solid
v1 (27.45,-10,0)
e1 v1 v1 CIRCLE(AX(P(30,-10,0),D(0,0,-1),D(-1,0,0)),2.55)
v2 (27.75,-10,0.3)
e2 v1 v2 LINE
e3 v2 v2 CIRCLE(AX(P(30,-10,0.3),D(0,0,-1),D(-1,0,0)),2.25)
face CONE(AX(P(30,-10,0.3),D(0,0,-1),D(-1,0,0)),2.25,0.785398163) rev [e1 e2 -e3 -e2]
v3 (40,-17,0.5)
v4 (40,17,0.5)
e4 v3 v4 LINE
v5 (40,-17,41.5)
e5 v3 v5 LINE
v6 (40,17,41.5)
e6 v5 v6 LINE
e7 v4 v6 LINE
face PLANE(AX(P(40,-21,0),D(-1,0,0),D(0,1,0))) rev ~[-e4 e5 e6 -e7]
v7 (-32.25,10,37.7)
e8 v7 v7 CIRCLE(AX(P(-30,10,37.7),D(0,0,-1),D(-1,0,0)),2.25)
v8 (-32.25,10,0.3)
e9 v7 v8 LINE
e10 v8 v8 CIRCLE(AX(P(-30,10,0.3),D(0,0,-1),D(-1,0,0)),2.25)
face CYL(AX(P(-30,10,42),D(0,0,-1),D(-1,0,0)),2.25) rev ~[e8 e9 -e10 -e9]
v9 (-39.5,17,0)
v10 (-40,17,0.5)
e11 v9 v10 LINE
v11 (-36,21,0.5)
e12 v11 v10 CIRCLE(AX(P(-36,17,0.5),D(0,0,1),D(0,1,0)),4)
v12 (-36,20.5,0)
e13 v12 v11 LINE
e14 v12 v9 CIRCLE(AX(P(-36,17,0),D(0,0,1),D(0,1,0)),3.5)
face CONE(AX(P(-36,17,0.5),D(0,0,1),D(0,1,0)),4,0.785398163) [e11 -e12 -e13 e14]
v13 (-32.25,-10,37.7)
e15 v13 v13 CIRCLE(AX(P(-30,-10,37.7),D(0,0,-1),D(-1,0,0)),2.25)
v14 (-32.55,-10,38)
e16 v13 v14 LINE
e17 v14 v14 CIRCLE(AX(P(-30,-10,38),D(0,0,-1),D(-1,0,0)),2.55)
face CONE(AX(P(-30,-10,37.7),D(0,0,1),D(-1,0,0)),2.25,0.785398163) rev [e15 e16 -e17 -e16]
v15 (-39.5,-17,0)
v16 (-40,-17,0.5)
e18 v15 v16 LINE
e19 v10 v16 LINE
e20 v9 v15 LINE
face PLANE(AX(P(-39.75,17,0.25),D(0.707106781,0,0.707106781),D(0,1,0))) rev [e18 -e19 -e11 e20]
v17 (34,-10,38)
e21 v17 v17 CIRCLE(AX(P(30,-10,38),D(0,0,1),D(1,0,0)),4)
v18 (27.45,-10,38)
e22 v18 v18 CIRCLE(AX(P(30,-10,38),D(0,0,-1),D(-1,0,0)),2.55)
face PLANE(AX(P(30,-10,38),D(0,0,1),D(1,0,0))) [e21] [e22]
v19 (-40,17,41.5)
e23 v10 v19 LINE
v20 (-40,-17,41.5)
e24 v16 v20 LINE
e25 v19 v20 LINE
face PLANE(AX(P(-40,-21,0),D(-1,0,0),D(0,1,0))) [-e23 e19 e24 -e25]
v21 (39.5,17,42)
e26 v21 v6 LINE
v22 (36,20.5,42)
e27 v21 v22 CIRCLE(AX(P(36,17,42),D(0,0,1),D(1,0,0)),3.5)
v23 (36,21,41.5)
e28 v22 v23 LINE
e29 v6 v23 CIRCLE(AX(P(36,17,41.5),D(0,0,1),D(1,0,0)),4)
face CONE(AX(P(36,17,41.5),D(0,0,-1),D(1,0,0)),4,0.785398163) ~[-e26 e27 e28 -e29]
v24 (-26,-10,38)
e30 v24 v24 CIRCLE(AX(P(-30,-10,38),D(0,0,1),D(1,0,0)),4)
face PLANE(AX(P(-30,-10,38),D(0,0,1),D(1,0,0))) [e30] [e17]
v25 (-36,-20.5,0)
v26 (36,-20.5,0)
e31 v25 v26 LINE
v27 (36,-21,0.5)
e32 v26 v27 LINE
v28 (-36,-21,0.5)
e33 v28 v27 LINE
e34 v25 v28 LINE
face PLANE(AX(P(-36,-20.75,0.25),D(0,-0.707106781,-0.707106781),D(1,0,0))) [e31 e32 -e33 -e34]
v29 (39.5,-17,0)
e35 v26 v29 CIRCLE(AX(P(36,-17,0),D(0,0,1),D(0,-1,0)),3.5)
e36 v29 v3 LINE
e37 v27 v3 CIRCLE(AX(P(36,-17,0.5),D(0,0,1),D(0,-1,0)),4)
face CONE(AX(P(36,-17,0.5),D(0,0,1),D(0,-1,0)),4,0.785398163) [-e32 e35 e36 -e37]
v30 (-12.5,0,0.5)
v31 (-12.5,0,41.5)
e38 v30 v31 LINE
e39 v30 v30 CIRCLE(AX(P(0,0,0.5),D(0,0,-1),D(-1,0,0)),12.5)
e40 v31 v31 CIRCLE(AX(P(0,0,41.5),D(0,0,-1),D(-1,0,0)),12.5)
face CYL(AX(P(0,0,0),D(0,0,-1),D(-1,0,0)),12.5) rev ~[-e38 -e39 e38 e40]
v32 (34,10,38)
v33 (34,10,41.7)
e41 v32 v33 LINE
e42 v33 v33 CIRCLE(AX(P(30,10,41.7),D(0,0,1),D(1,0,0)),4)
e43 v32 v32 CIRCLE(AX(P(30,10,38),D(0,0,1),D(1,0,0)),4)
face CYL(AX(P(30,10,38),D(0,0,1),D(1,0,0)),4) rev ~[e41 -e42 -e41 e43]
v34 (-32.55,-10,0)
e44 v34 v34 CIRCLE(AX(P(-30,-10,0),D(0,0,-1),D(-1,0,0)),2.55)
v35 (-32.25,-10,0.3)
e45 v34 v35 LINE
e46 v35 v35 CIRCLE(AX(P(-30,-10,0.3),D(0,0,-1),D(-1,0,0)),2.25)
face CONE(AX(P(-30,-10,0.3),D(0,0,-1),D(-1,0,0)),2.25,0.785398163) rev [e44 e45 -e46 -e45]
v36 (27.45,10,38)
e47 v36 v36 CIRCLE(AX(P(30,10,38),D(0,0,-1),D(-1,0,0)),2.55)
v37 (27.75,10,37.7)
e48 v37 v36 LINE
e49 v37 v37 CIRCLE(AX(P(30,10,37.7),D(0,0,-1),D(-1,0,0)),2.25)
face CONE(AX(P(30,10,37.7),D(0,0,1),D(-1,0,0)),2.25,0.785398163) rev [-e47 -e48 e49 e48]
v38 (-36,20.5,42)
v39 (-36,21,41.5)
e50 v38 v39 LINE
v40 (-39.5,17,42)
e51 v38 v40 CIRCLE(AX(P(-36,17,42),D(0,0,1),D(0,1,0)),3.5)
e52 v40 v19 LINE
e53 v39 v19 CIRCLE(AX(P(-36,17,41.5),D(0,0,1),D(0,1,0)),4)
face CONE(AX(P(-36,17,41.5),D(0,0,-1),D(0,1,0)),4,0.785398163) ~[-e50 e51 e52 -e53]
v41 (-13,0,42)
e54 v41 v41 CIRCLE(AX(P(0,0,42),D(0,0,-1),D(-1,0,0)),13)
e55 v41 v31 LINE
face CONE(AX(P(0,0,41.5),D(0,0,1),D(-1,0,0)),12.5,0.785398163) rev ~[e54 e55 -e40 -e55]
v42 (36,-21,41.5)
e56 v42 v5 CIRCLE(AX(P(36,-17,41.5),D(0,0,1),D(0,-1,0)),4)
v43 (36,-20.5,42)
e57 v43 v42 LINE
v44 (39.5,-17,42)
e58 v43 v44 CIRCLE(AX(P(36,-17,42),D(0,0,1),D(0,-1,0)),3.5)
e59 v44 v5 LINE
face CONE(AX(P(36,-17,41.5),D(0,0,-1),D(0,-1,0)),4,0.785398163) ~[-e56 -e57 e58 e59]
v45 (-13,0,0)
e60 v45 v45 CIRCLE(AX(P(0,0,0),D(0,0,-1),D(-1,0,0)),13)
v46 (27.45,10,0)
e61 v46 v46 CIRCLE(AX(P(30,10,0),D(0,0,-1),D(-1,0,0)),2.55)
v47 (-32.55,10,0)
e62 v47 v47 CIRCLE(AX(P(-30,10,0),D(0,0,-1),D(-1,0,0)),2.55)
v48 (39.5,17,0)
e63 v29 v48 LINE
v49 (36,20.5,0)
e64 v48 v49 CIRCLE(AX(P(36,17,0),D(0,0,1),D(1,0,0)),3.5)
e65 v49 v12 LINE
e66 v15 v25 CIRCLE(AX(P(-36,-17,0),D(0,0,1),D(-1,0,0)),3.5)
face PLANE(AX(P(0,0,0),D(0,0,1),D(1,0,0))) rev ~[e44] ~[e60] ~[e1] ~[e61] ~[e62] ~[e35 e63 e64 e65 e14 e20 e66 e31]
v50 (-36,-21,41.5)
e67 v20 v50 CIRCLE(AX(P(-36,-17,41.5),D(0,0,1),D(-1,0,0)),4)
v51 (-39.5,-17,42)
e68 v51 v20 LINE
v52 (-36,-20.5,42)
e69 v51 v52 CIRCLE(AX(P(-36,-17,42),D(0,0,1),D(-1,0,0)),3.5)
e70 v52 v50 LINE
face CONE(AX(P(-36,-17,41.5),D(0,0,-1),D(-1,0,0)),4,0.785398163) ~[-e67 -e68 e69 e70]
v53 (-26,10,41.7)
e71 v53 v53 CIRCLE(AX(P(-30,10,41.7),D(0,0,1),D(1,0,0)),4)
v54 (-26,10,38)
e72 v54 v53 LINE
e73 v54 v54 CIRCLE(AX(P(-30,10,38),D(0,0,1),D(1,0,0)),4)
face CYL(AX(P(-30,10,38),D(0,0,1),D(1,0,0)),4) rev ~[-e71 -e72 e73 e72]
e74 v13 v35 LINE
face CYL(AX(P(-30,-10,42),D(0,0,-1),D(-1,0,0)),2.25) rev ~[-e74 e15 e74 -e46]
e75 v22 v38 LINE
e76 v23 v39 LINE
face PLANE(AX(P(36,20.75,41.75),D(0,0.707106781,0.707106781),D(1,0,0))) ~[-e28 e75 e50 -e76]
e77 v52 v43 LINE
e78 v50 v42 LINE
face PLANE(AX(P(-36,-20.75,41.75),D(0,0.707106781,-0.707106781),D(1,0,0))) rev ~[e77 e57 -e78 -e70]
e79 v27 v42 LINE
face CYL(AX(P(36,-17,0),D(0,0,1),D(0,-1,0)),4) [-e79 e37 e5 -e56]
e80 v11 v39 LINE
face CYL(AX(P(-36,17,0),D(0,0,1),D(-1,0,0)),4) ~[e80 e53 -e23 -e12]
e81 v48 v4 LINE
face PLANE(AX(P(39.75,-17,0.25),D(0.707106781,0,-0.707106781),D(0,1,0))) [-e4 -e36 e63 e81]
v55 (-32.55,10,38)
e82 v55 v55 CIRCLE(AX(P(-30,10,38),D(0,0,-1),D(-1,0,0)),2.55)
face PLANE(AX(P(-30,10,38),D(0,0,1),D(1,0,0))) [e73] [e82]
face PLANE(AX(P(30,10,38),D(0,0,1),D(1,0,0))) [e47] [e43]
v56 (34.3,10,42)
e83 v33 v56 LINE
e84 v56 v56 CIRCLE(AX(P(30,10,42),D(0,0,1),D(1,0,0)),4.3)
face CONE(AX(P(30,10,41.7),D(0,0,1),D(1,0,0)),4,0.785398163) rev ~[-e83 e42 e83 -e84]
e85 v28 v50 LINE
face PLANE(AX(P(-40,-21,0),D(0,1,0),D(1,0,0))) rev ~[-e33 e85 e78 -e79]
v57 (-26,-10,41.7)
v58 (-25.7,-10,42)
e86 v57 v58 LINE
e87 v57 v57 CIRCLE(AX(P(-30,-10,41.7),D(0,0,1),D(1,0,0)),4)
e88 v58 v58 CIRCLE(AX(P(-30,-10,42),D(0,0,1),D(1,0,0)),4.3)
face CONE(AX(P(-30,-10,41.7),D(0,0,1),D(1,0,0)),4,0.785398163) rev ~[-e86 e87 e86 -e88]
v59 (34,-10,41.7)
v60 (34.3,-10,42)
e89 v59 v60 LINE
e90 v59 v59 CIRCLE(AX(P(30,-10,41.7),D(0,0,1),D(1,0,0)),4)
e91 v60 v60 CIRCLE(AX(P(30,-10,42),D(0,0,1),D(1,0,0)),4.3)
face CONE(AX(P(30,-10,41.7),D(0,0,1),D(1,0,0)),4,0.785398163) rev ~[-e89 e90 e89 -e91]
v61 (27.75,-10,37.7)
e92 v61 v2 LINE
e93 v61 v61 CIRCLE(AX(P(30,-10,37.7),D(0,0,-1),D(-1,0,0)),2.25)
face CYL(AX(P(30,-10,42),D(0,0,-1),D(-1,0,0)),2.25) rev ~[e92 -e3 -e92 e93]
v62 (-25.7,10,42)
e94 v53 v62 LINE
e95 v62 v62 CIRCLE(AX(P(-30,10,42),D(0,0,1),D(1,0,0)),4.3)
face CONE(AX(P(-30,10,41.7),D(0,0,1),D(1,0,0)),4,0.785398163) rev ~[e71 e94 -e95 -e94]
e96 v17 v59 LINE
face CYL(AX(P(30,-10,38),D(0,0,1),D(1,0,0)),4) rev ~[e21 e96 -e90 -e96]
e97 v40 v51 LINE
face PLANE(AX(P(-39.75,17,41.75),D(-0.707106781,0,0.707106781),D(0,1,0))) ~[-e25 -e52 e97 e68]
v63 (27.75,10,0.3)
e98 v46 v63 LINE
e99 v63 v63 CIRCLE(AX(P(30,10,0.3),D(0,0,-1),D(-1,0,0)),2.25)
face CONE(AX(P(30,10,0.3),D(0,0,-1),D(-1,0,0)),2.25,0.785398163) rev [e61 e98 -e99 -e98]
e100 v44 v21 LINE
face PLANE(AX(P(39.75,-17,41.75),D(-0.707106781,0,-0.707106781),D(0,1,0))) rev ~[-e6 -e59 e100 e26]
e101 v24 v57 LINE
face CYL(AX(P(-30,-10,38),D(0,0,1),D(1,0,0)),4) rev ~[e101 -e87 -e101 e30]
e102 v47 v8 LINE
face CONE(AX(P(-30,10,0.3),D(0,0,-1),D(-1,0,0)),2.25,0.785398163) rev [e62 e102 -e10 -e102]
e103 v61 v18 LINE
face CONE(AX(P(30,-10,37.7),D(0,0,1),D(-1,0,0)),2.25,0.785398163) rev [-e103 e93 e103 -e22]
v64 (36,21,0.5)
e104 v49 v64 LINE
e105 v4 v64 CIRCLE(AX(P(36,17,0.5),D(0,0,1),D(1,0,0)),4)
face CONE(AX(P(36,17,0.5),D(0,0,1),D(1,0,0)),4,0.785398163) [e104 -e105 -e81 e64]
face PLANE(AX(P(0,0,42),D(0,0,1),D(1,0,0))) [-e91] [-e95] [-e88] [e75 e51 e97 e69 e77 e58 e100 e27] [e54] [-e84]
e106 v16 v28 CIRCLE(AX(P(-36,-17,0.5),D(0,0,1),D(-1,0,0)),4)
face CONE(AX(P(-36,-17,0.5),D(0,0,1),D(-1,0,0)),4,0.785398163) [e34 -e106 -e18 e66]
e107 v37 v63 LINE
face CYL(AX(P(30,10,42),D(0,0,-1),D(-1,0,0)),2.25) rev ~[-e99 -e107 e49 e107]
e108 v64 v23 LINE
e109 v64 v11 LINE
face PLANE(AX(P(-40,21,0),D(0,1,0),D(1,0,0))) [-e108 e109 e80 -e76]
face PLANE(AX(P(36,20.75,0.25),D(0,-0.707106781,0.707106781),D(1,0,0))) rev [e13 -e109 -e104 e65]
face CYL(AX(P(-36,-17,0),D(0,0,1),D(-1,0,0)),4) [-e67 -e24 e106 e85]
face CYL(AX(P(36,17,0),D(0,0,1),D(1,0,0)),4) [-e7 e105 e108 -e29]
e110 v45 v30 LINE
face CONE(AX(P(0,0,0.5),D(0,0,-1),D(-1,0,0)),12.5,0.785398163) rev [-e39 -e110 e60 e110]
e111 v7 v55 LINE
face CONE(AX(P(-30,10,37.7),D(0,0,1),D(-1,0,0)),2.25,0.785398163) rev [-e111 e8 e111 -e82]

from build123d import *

# Parameters (mm, degrees)
SKETCH1_W                      = 80
SKETCH1_H                      = 42
BOSS_EXTRUDE1_DEPTH            = 42
FILLET1_R                      = 4
CHAMFER1_SIZE                  = 0.5
CBORE_FOR_M4_SHCS1_D           = 4.5
CBORE_FOR_M4_SHCS1_CBORE_D     = 8
CBORE_FOR_M4_SHCS1_CBORE_DEPTH = 4
SKETCH5_R                      = 12.5
CUT_EXTRUDE2_DEPTH             = 62.684682053
CHAMFER2_SIZE                  = 0.5
CHAMFER3_SIZE                  = 0.3


with BuildPart() as part:
    # Sketch1 → Boss-Extrude1 (new body)
    with BuildSketch(Plane.XY):
        Rectangle(SKETCH1_W, SKETCH1_H)
    extrude(amount=BOSS_EXTRUDE1_DEPTH)

    # Fillet1
    fillet1_edges = [part.edges().sort_by_distance(p)[0] for p in [
        (40, -21, 21),
        (-40, -21, 21),
        (-40, 21, 21),
        (40, 21, 21),
    ]]
    fillet(fillet1_edges, radius=FILLET1_R)

    # Chamfer1
    chamfer1_edges = [part.edges().sort_by_distance(p)[0] for p in [
        (40, 0, 0),
        (40, 0, 42),
        (0, -21, 0),
        (-40, 0, 0),
        (0, 21, 0),
        (-38.828427125, 19.828427125, 0),
        (38.828427125, 19.828427125, 0),
        (-38.828427125, -19.828427125, 0),
        (38.828427125, -19.828427125, 0),
        (0, -21, 42),
        (0, 21, 42),
        (-40, 0, 42),
        (-38.828427125, 19.828427125, 42),
        (38.828427125, 19.828427125, 42),
        (-38.828427125, -19.828427125, 42),
        (38.828427125, -19.828427125, 42),
    ]]
    chamfer(chamfer1_edges, length=CHAMFER1_SIZE)

    # CBORE for M4 SHCS1 (through all)
    with Locations(Plane.XY.offset(42)):
        with Locations((-30, 10), (30, 10), (30, -10), (-30, -10)):
            CounterBoreHole(CBORE_FOR_M4_SHCS1_D / 2, CBORE_FOR_M4_SHCS1_CBORE_D / 2, CBORE_FOR_M4_SHCS1_CBORE_DEPTH)

    # Sketch5 → Cut-Extrude2 (cut, through all)
    with BuildSketch(Plane(origin=(0, 0, 0), x_dir=(-1, 0, 0), z_dir=(0, 0, -1))):
        Circle(SKETCH5_R)
    extrude(amount=-CUT_EXTRUDE2_DEPTH, mode=Mode.SUBTRACT)

    # Chamfer2
    chamfer2_edges = [part.edges().sort_by_distance(p)[0] for p in [
        (12.5, 0, 42),
        (12.5, 0, 0),
    ]]
    chamfer(chamfer2_edges, length=CHAMFER2_SIZE)

    # Chamfer3
    chamfer3_edges = [part.edges().sort_by_distance(p)[0] for p in [
        (26, 10, 42),
        (32.25, 10, 0),
        (32.25, 10, 38),
        (-34, 10, 42),
        (-27.75, 10, 0),
        (-27.75, 10, 38),
        (-34, -10, 42),
        (-27.75, -10, 0),
        (-27.75, -10, 38),
        (26, -10, 42),
        (32.25, -10, 0),
        (32.25, -10, 38),
    ]]
    chamfer(chamfer3_edges, length=CHAMFER3_SIZE)


solid = part.part
